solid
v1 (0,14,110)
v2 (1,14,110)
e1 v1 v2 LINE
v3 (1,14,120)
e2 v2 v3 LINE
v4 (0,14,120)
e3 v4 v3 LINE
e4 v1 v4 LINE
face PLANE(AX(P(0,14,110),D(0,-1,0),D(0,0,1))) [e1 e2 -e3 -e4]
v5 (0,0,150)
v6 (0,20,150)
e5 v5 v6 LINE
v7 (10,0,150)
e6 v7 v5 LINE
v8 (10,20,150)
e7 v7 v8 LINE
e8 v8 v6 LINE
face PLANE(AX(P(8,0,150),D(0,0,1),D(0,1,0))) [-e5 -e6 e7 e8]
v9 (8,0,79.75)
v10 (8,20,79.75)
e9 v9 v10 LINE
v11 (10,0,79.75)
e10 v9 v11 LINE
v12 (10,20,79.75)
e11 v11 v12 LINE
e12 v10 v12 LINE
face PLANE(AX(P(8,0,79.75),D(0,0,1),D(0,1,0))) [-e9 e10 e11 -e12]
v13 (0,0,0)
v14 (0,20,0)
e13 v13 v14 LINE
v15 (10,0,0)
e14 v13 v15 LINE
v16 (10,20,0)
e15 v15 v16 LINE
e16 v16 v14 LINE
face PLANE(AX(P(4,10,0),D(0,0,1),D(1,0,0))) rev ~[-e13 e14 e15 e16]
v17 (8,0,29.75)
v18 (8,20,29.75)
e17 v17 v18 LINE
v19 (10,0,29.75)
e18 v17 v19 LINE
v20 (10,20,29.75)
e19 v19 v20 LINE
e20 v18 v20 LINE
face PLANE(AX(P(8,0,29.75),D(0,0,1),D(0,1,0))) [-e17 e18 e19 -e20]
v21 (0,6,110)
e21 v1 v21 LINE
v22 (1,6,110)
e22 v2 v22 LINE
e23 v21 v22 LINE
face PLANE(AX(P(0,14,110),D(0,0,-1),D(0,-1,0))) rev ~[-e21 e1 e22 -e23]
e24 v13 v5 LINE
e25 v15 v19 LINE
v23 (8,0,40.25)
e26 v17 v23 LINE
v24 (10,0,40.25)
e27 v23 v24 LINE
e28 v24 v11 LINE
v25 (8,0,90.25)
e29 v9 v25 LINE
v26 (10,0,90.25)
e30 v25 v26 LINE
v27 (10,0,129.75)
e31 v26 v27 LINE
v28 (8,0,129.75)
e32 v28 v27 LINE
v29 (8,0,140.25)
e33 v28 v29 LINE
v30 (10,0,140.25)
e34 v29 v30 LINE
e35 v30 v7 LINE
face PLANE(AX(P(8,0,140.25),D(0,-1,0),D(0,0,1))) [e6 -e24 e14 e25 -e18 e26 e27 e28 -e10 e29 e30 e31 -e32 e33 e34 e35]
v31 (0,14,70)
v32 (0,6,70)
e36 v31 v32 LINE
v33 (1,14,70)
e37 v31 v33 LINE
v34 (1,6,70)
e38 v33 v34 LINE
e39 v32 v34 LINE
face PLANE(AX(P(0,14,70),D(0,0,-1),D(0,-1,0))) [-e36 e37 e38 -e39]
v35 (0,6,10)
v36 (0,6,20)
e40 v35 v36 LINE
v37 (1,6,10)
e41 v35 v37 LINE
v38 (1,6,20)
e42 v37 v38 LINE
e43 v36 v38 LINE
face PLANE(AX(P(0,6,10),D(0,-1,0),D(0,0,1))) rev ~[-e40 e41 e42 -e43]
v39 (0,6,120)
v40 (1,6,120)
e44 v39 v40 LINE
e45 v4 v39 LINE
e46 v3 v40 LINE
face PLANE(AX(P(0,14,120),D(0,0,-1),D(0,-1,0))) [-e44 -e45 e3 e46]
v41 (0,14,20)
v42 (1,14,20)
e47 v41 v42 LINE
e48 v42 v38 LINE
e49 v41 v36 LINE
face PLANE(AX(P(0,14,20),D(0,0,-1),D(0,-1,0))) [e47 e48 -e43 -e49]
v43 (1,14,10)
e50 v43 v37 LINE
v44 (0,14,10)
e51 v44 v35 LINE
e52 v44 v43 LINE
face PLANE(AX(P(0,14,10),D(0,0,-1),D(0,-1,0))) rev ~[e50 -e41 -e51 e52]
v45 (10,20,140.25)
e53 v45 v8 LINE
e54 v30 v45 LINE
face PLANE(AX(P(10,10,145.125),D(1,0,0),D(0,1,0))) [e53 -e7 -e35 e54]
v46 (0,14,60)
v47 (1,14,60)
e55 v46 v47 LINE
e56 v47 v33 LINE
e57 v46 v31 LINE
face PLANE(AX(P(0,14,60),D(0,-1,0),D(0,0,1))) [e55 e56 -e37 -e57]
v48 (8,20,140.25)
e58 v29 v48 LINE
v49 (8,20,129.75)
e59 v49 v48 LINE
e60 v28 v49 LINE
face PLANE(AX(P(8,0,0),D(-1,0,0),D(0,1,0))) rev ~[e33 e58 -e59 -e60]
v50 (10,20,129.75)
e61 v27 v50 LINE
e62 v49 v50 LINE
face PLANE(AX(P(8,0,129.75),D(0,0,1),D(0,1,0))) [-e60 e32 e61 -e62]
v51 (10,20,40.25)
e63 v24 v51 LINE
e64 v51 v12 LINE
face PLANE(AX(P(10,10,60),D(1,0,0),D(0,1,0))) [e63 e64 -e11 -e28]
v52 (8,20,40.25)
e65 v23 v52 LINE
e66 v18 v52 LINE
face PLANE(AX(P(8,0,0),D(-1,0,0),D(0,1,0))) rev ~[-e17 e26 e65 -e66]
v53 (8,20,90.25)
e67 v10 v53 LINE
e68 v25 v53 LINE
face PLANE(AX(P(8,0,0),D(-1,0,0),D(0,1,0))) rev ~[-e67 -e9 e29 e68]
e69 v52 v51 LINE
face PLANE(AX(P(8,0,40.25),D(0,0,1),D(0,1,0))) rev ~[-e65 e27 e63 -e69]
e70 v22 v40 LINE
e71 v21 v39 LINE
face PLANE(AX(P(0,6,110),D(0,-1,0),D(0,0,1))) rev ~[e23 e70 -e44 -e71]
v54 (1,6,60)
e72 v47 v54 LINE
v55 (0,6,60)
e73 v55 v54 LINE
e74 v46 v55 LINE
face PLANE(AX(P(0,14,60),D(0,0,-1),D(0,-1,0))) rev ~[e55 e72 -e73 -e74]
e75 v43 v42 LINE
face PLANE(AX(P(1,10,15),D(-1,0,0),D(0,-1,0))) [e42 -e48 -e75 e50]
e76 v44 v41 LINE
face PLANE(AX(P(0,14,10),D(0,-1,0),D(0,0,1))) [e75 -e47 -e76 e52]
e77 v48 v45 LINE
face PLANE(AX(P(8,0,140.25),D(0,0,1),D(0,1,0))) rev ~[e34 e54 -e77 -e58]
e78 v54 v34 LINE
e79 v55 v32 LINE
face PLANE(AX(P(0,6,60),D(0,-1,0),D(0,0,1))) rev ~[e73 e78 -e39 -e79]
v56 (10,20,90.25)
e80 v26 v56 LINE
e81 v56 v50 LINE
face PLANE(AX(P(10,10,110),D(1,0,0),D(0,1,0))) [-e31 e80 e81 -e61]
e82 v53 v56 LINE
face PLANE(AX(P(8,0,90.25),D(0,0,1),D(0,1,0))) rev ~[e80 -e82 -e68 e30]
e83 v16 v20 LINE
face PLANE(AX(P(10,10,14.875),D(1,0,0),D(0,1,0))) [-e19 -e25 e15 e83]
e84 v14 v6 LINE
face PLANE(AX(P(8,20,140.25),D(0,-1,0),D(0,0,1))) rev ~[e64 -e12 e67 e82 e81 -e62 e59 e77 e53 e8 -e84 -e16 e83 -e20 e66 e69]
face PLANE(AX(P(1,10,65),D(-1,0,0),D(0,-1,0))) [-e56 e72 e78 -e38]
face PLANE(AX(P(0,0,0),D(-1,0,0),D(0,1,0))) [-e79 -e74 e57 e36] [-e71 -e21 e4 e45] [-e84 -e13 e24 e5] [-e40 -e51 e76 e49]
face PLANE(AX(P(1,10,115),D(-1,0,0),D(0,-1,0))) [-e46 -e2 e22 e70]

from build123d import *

# Parameters (mm, degrees)
F0_W     = 8
F0_H     = 20
F1_DEPTH = 150
F2_W     = 20
F2_H     = 9.75
F2_H_2   = 39.5
F2_H_3   = 29.75
F3_DEPTH = 2
F4_W     = 8
F4_H     = 10
F5_DEPTH = 1


with BuildPart() as f1:
    # F0 (on Top) → F1 (new body)
    with BuildSketch(Plane.XY):
        with Locations((4, 10)):
            Rectangle(F0_W, F0_H)
    extrude(amount=F1_DEPTH)

    # F2 (on face) → F3 (join)
    with BuildSketch(Plane.YZ.offset(8)):
        with Locations((10, 145.125)):
            Rectangle(F2_W, F2_H)
        with Locations((10, 110)):
            Rectangle(F2_W, F2_H_2)
        with Locations((10, 60)):
            Rectangle(F2_W, F2_H_2)
        with Locations((10, 14.875)):
            Rectangle(F2_W, F2_H_3)
    extrude(amount=F3_DEPTH)

    # F4 (on face) → F5 (cut)
    with BuildSketch(Plane(origin=(0, 0, 0), x_dir=(0, -1, 0), z_dir=(-1, 0, 0))):
        with Locations((-10, 115)):
            Rectangle(F4_W, F4_H)
        with Locations((-10, 65)):
            Rectangle(F4_W, F4_H)
        with Locations((-10, 15)):
            Rectangle(F4_W, F4_H)
    extrude(amount=-F5_DEPTH, mode=Mode.SUBTRACT)


solid = f1.part
